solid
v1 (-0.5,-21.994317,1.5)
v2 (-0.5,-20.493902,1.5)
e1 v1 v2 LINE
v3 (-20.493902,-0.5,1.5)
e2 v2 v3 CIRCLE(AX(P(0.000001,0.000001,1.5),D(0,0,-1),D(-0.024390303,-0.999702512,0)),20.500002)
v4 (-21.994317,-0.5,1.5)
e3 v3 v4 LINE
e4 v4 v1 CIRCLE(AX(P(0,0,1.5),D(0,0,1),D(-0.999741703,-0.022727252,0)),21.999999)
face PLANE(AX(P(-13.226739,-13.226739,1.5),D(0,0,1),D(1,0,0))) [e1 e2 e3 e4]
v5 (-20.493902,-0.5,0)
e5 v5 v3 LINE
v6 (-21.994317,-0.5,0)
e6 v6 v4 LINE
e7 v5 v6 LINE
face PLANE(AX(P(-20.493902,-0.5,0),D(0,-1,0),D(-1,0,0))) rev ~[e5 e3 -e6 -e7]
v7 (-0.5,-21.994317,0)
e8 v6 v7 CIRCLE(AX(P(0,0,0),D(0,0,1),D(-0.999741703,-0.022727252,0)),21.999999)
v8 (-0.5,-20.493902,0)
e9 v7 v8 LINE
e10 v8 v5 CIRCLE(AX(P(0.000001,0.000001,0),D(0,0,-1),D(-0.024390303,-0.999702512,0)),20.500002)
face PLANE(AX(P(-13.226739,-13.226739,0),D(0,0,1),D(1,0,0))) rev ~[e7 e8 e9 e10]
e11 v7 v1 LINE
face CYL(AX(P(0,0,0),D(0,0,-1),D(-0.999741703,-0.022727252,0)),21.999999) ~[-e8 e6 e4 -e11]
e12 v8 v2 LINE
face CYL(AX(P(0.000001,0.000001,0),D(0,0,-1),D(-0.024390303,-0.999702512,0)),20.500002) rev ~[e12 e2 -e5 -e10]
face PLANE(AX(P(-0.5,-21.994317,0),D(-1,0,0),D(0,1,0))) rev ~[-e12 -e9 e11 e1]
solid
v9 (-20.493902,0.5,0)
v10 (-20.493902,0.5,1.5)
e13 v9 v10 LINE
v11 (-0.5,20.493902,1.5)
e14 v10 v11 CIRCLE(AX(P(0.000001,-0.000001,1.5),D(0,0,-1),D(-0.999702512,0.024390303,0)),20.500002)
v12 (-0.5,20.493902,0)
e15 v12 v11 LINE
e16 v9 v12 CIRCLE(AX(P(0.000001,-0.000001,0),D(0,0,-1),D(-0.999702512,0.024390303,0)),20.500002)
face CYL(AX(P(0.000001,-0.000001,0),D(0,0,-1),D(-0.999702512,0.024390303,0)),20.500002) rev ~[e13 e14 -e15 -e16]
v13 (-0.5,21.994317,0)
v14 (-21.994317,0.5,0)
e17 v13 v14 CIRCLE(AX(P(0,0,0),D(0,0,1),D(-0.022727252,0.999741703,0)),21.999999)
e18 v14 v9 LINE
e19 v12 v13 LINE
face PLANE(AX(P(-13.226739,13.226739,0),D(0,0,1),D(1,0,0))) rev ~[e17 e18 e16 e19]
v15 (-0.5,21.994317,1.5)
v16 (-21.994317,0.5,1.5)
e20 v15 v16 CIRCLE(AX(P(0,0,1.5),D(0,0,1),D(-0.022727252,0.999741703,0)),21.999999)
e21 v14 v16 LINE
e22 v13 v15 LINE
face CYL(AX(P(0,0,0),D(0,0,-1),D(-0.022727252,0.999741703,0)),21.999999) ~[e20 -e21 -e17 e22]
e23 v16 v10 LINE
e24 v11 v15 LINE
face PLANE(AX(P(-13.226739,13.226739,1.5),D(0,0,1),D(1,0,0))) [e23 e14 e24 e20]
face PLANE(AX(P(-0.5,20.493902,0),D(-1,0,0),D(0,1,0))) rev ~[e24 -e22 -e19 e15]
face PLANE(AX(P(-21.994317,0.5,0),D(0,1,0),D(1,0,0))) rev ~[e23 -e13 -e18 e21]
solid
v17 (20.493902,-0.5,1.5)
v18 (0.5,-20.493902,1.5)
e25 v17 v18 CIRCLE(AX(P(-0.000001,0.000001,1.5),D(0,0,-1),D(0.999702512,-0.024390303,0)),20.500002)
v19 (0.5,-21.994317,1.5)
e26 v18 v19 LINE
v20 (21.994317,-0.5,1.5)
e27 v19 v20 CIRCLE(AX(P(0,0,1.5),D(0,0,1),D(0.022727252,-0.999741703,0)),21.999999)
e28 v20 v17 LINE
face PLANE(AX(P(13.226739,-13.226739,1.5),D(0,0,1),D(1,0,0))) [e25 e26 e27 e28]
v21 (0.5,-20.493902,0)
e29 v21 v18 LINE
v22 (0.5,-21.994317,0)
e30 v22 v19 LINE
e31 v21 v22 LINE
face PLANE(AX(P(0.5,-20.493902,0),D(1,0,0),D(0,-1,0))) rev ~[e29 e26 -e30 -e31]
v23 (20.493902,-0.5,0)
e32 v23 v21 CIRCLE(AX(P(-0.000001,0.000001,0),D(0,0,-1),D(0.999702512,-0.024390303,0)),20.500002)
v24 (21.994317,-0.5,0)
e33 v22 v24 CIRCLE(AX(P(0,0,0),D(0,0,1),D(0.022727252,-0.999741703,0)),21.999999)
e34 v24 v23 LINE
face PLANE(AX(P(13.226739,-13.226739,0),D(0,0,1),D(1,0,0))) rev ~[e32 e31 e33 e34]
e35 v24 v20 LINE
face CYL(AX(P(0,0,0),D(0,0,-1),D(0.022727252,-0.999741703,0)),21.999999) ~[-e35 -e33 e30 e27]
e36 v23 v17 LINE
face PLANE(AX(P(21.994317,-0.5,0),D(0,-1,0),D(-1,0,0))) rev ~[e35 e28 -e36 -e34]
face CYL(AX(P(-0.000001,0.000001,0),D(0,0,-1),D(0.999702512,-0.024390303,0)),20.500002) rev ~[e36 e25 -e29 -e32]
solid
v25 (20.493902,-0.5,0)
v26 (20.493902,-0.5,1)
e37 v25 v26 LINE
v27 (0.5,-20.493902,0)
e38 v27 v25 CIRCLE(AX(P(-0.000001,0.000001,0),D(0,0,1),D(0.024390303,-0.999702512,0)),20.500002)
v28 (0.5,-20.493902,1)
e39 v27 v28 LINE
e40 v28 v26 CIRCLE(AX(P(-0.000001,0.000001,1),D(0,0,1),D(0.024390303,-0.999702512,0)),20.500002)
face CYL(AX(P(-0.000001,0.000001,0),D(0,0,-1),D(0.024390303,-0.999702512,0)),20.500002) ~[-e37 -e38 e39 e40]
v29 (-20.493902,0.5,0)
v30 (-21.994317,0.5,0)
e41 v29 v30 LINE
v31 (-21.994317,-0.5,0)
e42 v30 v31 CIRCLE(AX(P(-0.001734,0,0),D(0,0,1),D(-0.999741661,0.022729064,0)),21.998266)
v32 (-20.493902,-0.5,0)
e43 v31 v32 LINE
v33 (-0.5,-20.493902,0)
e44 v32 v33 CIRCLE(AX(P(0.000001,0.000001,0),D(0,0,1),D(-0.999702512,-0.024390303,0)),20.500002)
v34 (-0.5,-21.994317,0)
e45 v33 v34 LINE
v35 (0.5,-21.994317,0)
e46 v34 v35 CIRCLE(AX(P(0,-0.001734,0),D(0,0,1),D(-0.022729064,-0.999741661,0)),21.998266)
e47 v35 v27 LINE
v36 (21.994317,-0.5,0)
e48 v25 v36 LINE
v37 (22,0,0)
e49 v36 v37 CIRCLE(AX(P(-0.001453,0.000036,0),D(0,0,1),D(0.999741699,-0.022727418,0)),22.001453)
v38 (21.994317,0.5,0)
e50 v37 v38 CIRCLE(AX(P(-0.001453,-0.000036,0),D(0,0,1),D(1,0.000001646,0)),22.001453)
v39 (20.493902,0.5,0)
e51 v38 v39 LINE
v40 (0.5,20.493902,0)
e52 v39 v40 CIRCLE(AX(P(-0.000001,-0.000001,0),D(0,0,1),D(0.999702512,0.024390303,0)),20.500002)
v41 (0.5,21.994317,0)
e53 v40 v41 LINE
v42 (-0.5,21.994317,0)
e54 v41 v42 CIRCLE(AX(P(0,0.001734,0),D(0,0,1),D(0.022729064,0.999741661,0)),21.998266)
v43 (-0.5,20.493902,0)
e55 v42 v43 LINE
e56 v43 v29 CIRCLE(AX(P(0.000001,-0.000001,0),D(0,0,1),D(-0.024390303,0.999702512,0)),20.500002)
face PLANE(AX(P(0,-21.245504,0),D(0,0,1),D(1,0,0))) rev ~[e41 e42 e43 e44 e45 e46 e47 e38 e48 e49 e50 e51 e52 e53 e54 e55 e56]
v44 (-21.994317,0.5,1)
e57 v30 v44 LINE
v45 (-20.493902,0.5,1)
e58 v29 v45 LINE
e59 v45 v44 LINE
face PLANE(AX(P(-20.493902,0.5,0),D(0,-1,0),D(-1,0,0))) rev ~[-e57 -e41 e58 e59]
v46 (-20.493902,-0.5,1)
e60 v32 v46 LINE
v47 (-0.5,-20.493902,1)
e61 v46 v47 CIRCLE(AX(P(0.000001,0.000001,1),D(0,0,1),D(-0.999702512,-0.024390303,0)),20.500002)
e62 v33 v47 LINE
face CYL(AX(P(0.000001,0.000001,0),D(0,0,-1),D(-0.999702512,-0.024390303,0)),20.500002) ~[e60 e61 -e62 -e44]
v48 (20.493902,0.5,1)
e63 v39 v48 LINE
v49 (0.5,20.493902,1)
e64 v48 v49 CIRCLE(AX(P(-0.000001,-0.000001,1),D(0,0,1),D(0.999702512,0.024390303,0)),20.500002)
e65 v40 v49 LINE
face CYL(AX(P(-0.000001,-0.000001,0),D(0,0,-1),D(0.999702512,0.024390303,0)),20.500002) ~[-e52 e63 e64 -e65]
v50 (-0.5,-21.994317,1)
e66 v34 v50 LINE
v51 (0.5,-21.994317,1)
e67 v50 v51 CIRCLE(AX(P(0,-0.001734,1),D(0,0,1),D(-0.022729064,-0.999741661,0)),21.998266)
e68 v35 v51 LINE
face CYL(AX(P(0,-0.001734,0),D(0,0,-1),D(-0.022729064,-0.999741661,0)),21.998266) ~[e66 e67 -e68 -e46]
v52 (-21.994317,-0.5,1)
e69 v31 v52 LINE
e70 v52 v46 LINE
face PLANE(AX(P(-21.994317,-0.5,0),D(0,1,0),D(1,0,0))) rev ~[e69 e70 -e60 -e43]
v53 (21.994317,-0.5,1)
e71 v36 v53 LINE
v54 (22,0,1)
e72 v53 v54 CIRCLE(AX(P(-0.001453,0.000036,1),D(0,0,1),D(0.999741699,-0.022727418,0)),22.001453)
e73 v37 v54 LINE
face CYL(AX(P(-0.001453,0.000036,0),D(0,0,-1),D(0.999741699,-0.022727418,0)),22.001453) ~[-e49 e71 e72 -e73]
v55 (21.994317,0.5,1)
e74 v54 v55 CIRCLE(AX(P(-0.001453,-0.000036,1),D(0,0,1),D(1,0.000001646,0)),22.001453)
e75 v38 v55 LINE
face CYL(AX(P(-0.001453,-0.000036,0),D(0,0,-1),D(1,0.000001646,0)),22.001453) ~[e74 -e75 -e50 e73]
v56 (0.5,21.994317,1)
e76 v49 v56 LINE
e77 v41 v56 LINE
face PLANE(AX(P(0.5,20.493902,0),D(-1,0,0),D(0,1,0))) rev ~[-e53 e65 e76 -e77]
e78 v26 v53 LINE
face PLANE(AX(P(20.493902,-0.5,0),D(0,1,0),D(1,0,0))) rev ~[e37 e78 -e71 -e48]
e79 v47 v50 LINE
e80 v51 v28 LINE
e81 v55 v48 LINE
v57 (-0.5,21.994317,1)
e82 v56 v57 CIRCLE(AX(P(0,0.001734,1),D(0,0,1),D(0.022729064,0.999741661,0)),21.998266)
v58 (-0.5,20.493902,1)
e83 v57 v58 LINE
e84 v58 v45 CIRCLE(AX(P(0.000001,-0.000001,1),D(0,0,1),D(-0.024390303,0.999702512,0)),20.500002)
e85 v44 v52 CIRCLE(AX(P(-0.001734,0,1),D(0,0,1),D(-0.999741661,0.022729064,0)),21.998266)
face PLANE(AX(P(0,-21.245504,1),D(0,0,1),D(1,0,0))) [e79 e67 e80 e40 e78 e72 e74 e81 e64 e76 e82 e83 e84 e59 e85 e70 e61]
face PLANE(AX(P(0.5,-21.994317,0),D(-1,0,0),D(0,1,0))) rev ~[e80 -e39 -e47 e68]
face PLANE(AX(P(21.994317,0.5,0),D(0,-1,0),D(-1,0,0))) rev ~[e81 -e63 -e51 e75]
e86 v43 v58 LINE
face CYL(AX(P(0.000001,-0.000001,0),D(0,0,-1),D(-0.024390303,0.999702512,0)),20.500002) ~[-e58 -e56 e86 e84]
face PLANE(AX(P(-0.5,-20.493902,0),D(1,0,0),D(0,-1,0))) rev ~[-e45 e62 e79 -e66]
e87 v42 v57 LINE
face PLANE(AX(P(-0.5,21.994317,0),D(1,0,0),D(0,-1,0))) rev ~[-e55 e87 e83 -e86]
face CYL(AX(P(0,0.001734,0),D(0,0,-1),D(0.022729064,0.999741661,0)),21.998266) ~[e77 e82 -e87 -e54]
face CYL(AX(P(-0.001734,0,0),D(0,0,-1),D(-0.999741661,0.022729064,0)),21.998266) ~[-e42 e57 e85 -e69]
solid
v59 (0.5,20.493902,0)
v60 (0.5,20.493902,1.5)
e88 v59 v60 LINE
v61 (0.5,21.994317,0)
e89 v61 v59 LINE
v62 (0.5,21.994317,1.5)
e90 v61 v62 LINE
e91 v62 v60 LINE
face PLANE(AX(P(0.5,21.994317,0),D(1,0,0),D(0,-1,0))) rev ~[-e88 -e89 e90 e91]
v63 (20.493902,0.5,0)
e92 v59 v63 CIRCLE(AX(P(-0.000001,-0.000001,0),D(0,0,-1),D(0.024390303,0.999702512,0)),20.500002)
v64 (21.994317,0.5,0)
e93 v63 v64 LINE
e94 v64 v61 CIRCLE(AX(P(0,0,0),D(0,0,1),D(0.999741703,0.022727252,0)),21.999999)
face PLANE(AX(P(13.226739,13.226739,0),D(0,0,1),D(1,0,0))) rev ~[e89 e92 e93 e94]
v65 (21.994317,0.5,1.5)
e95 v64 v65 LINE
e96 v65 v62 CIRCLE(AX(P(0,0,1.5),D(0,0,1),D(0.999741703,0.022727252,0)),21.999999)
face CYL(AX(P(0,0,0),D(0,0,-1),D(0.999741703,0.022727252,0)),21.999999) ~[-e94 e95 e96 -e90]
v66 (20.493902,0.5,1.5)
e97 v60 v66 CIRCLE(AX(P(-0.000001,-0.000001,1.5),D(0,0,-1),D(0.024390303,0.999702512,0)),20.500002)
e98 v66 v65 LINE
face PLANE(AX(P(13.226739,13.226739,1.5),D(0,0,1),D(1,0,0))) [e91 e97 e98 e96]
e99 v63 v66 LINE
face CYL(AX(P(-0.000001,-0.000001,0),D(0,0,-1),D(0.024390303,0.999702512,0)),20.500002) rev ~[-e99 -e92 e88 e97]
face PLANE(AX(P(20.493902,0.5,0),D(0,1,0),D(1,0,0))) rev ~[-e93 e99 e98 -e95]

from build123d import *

# Parameters (mm, degrees)
F1_DEPTH = 1.5
F2_DEPTH = 1


with BuildPart() as f1:
    # F0 (on Top) → F1 (new body)
    with BuildSketch(Plane.XY):
        with BuildLine():
            Line((-0.5, 20.493902), (-0.5, 21.994317))
            ThreePointArc((-0.5, 21.994317), (-15.556349, 15.556349), (-21.994317, 0.5))
            Line((-21.994317, 0.5), (-20.493902, 0.5))
            ThreePointArc((-20.493902, 0.5), (-14.495689, 14.495689), (-0.5, 20.493902))
        make_face()
        with BuildLine():
            ThreePointArc((-21.994317, -0.5), (-15.556349, -15.556349), (-0.5, -21.994317))
            Line((-0.5, -21.994317), (-0.5, -20.493902))
            ThreePointArc((-0.5, -20.493902), (-14.495689, -14.495689), (-20.493902, -0.5))
            Line((-20.493902, -0.5), (-21.994317, -0.5))
        make_face()
        with BuildLine():
            ThreePointArc((0.5, -21.994317), (15.556349, -15.556349), (21.994317, -0.5))
            Line((21.994317, -0.5), (20.493902, -0.5))
            ThreePointArc((20.493902, -0.5), (14.495689, -14.495689), (0.5, -20.493902))
            Line((0.5, -20.493902), (0.5, -21.994317))
        make_face()
        with BuildLine():
            Line((20.493902, 0.5), (21.994317, 0.5))
            ThreePointArc((21.994317, 0.5), (15.556349, 15.556349), (0.5, 21.994317))
            Line((0.5, 21.994317), (0.5, 20.493902))
            ThreePointArc((0.5, 20.493902), (14.495689, 14.495689), (20.493902, 0.5))
        make_face()
    extrude(amount=F1_DEPTH)


with BuildPart() as f2:
    # F0 (on Top) → F2 (new body)
    with BuildSketch(Plane.XY):
        with BuildLine():
            ThreePointArc((-0.5, -21.994317), (0, -22), (0.5, -21.994317))
            Line((0.5, -21.994317), (0.5, -20.493902))
            ThreePointArc((0.5, -20.493902), (0, -20.5), (-0.5, -20.493902))
            Line((-0.5, -20.493902), (-0.5, -21.994317))
        make_face()
        with BuildLine():
            Line((-20.493902, 0.5), (-21.994317, 0.5))
            ThreePointArc((-21.994317, 0.5), (-22, 0), (-21.994317, -0.5))
            Line((-21.994317, -0.5), (-20.493902, -0.5))
            ThreePointArc((-20.493902, -0.5), (-20.5, 0), (-20.493902, 0.5))
        make_face()
        with BuildLine():
            ThreePointArc((21.994317, -0.5), (21.998579, -0.250016), (22, 0))
            ThreePointArc((22, 0), (21.998579, 0.250016), (21.994317, 0.5))
            Line((21.994317, 0.5), (20.493902, 0.5))
            ThreePointArc((20.493902, 0.5), (20.498475, 0.250019), (20.5, 0))
            ThreePointArc((20.5, 0), (20.498475, -0.250019), (20.493902, -0.5))
            Line((20.493902, -0.5), (21.994317, -0.5))
        make_face()
        with BuildLine():
            Line((0.5, 20.493902), (0.5, 21.994317))
            ThreePointArc((0.5, 21.994317), (0, 22), (-0.5, 21.994317))
            Line((-0.5, 21.994317), (-0.5, 20.493902))
            ThreePointArc((-0.5, 20.493902), (0, 20.5), (0.5, 20.493902))
        make_face()
        with BuildLine():
            ThreePointArc((20.5, 0), (20.498475, 0.250019), (20.493902, 0.5))
            ThreePointArc((20.493902, 0.5), (14.495689, 14.495689), (0.5, 20.493902))
            ThreePointArc((0.5, 20.493902), (0, 20.5), (-0.5, 20.493902))
            ThreePointArc((-0.5, 20.493902), (-14.495689, 14.495689), (-20.493902, 0.5))
            ThreePointArc((-20.493902, 0.5), (-20.5, 0), (-20.493902, -0.5))
            ThreePointArc((-20.493902, -0.5), (-14.495689, -14.495689), (-0.5, -20.493902))
            ThreePointArc((-0.5, -20.493902), (0, -20.5), (0.5, -20.493902))
            ThreePointArc((0.5, -20.493902), (14.495689, -14.495689), (20.493902, -0.5))
            ThreePointArc((20.493902, -0.5), (20.498475, -0.250019), (20.5, 0))
        make_face()
    extrude(amount=F2_DEPTH)


solid = Compound([f1.part, f2.part])
